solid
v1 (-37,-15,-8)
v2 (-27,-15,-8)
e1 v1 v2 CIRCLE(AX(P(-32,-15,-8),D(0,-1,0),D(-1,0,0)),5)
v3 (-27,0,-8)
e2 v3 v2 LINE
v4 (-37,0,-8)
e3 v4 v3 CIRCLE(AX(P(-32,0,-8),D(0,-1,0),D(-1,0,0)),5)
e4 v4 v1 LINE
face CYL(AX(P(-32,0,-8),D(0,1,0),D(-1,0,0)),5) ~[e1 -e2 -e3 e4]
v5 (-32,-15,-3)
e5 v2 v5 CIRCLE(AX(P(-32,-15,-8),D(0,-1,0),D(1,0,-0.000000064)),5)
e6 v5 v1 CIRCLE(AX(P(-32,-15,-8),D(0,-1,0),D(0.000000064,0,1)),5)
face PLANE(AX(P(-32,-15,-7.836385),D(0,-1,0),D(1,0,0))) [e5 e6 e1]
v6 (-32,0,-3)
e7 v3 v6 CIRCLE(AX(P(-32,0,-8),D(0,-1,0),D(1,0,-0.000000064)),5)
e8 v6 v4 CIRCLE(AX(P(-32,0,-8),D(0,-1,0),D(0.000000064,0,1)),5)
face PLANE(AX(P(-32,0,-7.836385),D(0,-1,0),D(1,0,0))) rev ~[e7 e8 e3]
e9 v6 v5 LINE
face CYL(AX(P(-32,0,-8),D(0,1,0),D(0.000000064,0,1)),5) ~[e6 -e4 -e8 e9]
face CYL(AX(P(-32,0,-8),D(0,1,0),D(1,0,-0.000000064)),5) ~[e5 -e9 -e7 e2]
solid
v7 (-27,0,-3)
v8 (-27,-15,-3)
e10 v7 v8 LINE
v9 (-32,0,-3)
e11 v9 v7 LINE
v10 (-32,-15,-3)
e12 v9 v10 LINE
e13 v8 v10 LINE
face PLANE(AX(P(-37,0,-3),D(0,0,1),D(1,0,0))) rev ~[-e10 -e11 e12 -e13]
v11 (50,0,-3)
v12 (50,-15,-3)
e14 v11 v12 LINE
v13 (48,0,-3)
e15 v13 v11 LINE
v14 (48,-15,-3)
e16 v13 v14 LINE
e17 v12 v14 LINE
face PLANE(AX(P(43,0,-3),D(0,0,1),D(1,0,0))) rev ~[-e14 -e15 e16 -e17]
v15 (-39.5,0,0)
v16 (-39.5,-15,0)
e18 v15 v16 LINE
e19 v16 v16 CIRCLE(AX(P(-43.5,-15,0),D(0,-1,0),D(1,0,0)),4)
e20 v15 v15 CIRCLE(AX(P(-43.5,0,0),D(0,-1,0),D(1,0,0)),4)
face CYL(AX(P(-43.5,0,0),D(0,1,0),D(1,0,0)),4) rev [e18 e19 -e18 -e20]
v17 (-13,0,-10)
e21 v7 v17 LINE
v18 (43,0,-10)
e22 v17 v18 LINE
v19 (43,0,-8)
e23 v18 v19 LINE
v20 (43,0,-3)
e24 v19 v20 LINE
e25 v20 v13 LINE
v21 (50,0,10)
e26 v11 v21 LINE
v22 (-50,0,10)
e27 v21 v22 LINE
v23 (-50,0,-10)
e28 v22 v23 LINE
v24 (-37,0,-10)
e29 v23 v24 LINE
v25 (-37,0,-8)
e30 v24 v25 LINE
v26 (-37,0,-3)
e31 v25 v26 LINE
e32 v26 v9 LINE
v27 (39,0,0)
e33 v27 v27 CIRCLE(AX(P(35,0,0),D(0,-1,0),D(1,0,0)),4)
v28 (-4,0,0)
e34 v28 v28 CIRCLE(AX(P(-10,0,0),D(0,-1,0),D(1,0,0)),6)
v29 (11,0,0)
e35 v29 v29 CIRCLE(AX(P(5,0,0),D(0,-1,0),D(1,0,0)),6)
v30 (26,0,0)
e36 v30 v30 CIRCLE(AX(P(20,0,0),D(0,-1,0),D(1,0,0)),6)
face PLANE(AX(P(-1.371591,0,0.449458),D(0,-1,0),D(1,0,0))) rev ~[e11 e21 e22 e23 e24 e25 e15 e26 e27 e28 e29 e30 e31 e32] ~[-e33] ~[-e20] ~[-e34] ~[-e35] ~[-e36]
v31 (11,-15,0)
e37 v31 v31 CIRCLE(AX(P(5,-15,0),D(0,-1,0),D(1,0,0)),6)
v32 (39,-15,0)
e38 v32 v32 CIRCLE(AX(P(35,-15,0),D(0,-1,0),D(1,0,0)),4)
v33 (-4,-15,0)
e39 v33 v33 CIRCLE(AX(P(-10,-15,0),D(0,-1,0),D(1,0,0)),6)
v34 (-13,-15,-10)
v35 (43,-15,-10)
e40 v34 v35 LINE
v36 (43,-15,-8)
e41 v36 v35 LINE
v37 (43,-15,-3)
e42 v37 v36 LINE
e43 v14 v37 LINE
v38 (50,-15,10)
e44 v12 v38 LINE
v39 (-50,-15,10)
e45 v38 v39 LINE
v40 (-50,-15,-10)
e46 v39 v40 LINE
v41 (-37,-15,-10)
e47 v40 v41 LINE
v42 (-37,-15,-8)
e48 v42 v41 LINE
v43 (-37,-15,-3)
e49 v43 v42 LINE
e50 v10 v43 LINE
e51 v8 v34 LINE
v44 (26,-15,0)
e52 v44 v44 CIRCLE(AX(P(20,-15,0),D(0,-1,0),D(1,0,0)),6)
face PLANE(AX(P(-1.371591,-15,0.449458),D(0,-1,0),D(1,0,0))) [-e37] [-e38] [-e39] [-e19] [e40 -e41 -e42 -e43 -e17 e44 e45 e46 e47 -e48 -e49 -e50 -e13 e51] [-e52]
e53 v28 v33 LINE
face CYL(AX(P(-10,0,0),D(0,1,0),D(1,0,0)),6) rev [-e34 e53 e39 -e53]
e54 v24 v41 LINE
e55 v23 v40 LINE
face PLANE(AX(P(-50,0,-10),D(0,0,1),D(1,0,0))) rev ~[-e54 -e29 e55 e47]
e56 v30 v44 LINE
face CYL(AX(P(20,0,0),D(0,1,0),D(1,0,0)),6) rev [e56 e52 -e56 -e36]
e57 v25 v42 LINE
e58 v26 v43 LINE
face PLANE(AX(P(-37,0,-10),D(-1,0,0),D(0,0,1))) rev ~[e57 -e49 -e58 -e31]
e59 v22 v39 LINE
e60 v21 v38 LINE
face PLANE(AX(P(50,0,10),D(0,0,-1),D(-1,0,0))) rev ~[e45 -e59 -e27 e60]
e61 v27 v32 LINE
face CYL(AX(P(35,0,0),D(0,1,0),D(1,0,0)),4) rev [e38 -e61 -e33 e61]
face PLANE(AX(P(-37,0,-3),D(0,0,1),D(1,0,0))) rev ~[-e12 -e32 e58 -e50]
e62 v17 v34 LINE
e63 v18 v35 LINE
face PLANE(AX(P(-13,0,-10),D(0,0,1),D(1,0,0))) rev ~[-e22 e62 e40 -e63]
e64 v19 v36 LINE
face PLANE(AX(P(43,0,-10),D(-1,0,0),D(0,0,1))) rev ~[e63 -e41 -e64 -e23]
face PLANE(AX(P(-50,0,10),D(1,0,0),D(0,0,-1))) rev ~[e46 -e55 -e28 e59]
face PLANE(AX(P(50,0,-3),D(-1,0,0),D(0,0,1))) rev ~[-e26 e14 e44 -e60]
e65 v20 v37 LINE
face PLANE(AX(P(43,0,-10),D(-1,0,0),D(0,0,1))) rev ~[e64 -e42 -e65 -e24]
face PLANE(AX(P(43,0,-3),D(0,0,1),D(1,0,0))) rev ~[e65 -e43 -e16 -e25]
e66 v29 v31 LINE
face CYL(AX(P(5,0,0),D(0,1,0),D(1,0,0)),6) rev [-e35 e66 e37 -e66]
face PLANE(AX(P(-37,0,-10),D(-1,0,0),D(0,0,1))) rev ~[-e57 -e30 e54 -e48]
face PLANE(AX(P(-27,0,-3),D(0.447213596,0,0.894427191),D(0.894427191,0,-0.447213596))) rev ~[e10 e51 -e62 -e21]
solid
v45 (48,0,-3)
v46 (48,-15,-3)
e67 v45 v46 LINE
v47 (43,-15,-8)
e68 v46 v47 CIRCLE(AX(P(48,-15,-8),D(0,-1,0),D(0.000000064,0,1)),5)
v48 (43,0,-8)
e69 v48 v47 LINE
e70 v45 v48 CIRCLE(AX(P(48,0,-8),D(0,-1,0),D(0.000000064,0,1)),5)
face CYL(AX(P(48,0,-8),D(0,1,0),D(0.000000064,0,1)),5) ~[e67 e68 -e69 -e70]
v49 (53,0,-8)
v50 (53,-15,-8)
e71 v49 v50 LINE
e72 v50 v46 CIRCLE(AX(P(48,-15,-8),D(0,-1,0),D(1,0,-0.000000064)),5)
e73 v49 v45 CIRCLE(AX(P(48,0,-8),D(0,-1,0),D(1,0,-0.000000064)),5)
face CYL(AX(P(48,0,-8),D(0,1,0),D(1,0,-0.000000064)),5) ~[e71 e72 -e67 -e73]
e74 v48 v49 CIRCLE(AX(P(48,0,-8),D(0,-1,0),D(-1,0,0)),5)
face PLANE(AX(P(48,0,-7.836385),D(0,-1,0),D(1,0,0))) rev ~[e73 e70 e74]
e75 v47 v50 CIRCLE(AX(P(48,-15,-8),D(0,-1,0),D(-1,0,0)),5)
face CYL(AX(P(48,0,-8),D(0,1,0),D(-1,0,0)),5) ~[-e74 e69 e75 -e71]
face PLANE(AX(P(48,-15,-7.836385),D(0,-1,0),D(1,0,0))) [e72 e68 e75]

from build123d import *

# Parameters (mm, degrees)
F0_R     = 4
F0_R_2   = 6
F1_DEPTH = 15


with BuildPart() as f1:
    # F0 (on Front) → F1 (new body)
    with BuildSketch(Plane.XZ):
        Polygon((-13, -10), (43, -10), (43, -8), (43, -3), (48, -3), (50, -3), (50, 10), (-50, 10), (-50, -10), (-37, -10), (-37, -8), (-37, -3), (-32, -3), (-27, -3), align=None)
        with Locations((-43.5, 0)):
            Circle(F0_R, mode=Mode.SUBTRACT)
        with Locations((-10, 0)):
            Circle(F0_R_2, mode=Mode.SUBTRACT)
        with Locations((5, 0)):
            Circle(F0_R_2, mode=Mode.SUBTRACT)
        with Locations((20, 0)):
            Circle(F0_R_2, mode=Mode.SUBTRACT)
        with Locations((35, 0)):
            Circle(F0_R, mode=Mode.SUBTRACT)
        with BuildLine():
            ThreePointArc((-27, -8), (-28.464466, -4.464466), (-32, -3))
            ThreePointArc((-32, -3), (-35.535534, -4.464466), (-37, -8))
            ThreePointArc((-37, -8), (-32, -13), (-27, -8))
        make_face()
        with BuildLine():
            ThreePointArc((48, -3), (44.464466, -4.464466), (43, -8))
            ThreePointArc((43, -8), (48, -13), (53, -8))
            ThreePointArc((53, -8), (51.535534, -4.464466), (48, -3))
        make_face()
    extrude(amount=F1_DEPTH)


solid = f1.part
